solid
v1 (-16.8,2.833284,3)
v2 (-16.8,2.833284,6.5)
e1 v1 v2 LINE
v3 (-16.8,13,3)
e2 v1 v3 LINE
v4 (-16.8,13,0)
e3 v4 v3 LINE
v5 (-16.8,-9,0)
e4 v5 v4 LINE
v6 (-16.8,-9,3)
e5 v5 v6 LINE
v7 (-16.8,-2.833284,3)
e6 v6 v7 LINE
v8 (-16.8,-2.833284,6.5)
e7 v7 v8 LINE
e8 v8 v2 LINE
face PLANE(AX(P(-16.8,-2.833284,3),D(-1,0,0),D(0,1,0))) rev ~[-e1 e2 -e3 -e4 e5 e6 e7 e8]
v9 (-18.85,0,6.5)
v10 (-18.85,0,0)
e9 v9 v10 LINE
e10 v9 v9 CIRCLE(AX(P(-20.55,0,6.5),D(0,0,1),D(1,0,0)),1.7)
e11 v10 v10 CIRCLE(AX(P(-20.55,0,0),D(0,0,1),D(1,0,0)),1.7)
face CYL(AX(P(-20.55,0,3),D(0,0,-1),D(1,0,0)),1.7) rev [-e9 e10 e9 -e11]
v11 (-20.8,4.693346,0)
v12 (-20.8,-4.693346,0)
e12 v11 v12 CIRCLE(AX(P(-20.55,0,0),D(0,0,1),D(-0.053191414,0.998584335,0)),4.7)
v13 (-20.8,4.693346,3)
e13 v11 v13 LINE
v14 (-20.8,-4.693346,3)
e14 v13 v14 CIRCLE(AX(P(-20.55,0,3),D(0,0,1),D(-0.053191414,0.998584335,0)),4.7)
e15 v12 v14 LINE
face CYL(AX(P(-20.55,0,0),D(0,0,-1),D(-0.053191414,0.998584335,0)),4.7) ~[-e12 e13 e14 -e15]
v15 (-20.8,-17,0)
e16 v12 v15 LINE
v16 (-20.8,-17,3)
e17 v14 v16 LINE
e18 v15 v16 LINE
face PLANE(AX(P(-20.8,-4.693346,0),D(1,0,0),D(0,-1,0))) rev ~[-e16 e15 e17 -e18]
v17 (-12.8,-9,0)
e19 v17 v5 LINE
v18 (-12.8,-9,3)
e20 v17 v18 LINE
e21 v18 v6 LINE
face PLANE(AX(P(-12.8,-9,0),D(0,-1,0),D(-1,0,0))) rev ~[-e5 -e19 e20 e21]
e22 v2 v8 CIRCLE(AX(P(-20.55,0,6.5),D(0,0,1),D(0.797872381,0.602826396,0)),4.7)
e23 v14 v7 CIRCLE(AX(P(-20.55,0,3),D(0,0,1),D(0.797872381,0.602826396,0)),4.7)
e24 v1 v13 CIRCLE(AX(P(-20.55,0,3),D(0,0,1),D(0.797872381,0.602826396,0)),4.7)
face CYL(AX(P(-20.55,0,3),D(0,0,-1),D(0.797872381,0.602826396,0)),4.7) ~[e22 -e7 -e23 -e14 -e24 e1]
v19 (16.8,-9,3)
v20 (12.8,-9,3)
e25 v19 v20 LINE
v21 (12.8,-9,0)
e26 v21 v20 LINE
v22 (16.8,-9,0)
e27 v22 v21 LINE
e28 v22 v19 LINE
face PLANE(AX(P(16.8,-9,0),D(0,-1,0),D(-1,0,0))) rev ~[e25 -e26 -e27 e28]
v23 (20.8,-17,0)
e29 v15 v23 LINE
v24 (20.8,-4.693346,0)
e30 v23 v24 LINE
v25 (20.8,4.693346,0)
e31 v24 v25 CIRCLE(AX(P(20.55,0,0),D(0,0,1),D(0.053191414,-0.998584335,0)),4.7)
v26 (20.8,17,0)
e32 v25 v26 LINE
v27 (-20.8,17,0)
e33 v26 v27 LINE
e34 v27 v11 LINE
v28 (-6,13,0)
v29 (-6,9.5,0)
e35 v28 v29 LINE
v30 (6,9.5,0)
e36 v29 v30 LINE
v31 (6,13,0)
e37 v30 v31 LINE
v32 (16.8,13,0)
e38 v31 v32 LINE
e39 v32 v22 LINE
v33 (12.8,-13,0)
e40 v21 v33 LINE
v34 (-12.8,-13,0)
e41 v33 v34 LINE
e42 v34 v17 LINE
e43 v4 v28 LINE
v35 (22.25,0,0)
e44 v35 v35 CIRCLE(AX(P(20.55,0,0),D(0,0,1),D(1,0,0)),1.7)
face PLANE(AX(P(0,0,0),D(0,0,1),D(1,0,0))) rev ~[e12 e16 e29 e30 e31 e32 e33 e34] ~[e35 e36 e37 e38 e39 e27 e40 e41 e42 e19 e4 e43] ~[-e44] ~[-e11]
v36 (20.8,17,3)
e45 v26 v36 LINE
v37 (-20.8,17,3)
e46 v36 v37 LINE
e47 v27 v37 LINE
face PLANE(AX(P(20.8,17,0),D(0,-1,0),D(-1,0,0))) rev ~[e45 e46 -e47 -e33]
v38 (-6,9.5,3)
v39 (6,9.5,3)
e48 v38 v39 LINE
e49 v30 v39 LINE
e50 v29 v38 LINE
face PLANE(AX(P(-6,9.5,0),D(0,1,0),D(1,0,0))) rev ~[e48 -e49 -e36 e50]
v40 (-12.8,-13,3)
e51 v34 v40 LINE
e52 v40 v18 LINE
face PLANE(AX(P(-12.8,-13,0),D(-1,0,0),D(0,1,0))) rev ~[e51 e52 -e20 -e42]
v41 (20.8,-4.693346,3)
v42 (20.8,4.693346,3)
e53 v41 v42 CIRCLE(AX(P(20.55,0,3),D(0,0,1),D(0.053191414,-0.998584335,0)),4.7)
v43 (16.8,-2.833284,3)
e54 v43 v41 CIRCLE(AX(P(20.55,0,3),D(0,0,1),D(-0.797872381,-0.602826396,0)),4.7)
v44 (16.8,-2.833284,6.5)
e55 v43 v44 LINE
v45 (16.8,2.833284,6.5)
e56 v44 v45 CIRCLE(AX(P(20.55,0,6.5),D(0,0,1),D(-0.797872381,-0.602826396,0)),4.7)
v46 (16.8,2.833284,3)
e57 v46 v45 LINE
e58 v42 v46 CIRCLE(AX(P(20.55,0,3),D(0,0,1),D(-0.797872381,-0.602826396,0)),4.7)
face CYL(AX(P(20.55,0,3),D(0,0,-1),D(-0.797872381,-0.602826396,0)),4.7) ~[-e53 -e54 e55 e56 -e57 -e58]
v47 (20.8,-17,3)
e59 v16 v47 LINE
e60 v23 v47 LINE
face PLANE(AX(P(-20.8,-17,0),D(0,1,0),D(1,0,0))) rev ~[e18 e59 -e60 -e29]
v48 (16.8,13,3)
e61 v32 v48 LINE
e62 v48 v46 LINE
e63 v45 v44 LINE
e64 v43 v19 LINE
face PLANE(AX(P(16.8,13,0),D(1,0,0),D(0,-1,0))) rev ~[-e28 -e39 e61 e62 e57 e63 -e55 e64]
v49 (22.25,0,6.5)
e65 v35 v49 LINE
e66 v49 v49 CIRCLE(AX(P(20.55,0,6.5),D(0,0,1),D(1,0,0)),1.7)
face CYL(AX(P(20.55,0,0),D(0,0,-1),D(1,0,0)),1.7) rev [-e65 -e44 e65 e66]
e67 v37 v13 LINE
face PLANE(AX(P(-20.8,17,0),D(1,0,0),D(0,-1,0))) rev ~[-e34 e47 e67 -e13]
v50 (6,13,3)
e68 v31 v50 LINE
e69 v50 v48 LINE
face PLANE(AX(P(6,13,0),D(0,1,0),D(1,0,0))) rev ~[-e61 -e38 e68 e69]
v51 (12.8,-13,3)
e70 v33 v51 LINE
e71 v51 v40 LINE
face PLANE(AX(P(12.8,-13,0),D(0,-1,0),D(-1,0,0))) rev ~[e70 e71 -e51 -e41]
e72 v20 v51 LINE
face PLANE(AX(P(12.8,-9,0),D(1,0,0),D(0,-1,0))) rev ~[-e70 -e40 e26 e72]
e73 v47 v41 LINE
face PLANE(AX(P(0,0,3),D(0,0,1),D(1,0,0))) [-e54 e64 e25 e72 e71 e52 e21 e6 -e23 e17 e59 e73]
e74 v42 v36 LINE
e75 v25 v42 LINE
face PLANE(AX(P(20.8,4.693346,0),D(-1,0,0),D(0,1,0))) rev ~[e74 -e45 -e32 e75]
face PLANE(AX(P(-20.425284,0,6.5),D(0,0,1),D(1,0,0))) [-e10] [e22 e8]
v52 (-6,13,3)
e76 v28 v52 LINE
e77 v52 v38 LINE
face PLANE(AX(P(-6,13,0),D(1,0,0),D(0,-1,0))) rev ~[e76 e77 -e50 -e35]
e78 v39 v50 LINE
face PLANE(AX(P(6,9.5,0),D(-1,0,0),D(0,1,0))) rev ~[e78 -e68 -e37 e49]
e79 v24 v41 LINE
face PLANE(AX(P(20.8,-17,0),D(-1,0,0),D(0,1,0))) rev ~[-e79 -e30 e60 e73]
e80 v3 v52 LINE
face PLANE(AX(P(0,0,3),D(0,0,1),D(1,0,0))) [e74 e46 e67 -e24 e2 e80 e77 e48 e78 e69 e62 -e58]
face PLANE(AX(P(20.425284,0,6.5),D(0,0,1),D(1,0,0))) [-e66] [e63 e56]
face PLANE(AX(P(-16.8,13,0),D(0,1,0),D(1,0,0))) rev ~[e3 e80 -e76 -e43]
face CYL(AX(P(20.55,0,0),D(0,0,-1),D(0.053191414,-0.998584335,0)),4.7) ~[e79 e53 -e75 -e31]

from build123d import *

# Parameters (mm, degrees)
F0_R     = 1.7
F1_DEPTH = 3
F2_R     = 1.7
F3_DEPTH = 3.5


with BuildPart() as f1:
    # F0 (on Top) → F1 (new body)
    with BuildSketch(Plane.XY):
        with BuildLine():
            Line((-20.8, -4.693346), (-20.8, -17))
            Line((-20.8, -17), (20.8, -17))
            Line((20.8, -17), (20.8, -4.693346))
            ThreePointArc((20.8, -4.693346), (25.25, 0), (20.8, 4.693346))
            Line((20.8, 4.693346), (20.8, 17))
            Line((20.8, 17), (-20.8, 17))
            Line((-20.8, 17), (-20.8, 4.693346))
            ThreePointArc((-20.8, 4.693346), (-25.25, 0), (-20.8, -4.693346))
        make_face()
        with Locations((-20.55, 0)):
            Circle(F0_R, mode=Mode.SUBTRACT)
        Polygon((-6, 13), (-6, 9.5), (6, 9.5), (6, 13), (16.8, 13), (16.8, -9), (12.8, -9), (12.8, -13), (-12.8, -13), (-12.8, -9), (-16.8, -9), (-16.8, 13), align=None, mode=Mode.SUBTRACT)
        with Locations((20.55, 0)):
            Circle(F0_R, mode=Mode.SUBTRACT)
    extrude(amount=F1_DEPTH)

    # F2 (on face) → F3 (join)
    with BuildSketch(Plane.XY.offset(3)):
        with BuildLine():
            Line((-16.8, -2.833284), (-16.8, 2.833284))
            ThreePointArc((-16.8, 2.833284), (-25.25, 0), (-16.8, -2.833284))
        make_face()
        with Locations((-20.55, 0)):
            Circle(F2_R, mode=Mode.SUBTRACT)
        with BuildLine():
            ThreePointArc((16.8, -2.833284), (25.25, 0), (16.8, 2.833284))
            Line((16.8, 2.833284), (16.8, -2.833284))
        make_face()
        with Locations((20.55, 0)):
            Circle(F2_R, mode=Mode.SUBTRACT)
    extrude(amount=F3_DEPTH)


solid = f1.part
